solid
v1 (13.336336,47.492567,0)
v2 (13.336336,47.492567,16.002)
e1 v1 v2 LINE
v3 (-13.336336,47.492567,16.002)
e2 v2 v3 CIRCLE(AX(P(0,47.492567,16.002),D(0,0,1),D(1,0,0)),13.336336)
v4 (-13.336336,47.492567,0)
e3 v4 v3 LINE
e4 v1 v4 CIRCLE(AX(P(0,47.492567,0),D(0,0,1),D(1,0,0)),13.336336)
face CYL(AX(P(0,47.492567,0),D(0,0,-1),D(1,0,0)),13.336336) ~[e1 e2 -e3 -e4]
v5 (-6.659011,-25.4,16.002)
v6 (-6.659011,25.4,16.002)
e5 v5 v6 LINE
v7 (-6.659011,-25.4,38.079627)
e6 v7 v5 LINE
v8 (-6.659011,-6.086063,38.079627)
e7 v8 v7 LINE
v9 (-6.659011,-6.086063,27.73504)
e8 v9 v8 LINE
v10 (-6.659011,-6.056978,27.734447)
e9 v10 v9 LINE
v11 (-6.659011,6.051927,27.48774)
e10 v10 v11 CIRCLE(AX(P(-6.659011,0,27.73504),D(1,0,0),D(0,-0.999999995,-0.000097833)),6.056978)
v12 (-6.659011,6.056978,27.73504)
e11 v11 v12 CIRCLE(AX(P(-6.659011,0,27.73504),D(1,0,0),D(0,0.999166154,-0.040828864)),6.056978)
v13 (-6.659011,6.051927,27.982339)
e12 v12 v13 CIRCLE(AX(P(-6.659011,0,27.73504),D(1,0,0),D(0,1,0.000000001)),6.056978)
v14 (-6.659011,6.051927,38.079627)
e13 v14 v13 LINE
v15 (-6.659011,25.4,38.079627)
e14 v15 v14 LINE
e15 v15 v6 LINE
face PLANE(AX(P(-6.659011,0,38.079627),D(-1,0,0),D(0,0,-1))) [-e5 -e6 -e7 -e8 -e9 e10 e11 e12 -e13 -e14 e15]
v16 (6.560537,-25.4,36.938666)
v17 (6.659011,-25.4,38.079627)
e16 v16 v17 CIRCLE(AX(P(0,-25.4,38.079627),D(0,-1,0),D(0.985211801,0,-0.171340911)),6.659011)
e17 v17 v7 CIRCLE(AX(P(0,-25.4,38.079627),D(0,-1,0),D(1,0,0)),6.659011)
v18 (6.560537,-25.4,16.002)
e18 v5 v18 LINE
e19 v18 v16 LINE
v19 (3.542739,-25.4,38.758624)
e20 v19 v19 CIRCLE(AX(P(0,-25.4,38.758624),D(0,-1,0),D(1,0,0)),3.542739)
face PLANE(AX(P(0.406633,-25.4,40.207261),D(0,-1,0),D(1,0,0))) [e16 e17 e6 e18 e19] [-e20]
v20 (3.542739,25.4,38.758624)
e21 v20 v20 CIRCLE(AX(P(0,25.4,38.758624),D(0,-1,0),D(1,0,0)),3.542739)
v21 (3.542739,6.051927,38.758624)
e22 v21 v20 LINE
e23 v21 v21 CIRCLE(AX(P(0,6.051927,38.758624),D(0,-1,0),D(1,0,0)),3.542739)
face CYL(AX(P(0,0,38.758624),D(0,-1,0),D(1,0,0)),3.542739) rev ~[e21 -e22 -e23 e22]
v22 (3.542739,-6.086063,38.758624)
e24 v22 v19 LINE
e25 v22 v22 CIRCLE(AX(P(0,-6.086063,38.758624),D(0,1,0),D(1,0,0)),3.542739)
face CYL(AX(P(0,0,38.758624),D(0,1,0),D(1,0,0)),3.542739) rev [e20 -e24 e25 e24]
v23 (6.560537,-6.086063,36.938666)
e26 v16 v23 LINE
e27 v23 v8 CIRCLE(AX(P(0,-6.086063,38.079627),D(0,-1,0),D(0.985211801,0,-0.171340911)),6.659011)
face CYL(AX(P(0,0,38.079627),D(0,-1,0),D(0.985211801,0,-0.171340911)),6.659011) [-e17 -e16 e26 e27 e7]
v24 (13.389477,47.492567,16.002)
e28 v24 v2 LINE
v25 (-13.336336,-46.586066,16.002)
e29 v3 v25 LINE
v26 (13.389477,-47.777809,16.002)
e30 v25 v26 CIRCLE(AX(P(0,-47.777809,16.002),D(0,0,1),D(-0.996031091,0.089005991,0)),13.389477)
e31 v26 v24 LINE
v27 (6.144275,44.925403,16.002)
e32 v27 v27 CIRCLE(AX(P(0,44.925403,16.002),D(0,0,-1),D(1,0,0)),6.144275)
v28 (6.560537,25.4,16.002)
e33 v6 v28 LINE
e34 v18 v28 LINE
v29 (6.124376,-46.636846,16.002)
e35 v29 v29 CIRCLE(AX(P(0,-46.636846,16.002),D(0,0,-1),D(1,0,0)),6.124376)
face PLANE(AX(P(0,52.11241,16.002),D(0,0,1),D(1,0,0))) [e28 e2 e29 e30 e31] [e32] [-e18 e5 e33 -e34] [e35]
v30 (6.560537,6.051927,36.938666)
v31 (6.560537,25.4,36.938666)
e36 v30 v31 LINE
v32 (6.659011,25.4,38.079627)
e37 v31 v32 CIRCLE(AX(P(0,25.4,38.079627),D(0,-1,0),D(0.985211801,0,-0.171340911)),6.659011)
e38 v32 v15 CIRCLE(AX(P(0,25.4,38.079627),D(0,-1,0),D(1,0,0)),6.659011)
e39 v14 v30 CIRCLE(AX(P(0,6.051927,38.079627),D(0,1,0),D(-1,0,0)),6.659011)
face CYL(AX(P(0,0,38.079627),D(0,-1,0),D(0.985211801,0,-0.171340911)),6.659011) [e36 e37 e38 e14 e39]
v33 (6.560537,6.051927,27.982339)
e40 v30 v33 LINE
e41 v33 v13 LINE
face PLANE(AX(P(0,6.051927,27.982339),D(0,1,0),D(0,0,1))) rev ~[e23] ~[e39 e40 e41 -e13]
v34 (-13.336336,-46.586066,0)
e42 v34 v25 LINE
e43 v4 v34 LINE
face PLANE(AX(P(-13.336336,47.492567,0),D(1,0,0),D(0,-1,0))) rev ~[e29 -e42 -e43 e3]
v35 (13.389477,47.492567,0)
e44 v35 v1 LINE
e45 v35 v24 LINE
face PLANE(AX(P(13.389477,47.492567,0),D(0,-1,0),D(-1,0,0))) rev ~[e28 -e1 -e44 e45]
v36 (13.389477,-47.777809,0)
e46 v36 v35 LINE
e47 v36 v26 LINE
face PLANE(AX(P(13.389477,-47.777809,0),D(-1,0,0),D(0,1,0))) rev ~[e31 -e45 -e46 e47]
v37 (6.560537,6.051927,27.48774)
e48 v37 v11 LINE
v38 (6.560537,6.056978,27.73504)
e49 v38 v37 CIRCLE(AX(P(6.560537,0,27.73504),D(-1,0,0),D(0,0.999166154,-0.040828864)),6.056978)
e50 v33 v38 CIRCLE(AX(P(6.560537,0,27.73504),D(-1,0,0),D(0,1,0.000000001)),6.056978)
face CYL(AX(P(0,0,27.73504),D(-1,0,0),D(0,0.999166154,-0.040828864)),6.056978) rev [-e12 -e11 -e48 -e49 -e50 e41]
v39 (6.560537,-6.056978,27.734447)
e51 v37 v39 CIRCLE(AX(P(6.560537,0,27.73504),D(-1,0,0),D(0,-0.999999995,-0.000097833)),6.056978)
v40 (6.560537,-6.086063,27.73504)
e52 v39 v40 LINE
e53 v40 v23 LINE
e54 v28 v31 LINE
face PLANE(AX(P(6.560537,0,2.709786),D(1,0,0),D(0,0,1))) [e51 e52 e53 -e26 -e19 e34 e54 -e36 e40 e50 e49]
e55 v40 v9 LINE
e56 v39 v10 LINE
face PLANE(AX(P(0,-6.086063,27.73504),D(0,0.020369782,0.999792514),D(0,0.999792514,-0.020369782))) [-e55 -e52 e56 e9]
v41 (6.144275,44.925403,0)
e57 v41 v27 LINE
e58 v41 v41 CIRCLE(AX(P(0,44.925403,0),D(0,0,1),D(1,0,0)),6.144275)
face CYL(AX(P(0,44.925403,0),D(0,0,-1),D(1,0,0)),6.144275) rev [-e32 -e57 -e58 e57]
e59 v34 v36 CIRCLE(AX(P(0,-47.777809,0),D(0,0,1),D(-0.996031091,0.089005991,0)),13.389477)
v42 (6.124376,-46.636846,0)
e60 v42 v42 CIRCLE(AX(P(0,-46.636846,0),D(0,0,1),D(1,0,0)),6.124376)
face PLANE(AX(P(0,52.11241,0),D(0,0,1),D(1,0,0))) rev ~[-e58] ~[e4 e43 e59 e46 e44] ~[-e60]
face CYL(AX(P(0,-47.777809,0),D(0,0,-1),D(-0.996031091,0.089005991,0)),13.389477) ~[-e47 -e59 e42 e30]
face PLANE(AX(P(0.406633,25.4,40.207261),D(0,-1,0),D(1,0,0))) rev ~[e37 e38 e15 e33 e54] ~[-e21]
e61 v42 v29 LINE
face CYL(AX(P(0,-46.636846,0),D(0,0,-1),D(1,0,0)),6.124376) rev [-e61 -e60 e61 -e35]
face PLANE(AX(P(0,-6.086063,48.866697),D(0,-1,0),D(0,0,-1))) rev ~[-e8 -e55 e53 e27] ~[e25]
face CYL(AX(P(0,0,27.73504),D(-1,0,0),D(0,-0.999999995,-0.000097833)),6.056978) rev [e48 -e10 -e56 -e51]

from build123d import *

# Parameters (mm, degrees)
F1_DEPTH      = 16.002
F2_R          = 6.1442753349
F2_R_2        = 6.1243758279
F3_DEPTH      = 16.003
F5_DEPTH      = 25.4
F5_DEPTH_BACK = 25.4
F7_DEPTH      = 24.13
F7_DEPTH_BACK = 27.178
F8_R          = 3.5427392295
F9_DEPTH      = 25.4
F9_DEPTH_BACK = 25.4


with BuildPart() as f1:
    # F0 (on Top) → F1 (new body)
    with BuildSketch(Plane.XY):
        with BuildLine():
            Line((-13.3363356008, 47.4925674498), (13.3363356008, 47.4925674498))
            ThreePointArc((13.3363356008, 47.4925674498), (0, 60.8289030506), (-13.3363356008, 47.4925674498))
        make_face()
        with BuildLine():
            Line((13.3894772224, 47.4925674498), (13.3363356008, 47.4925674498))
            ThreePointArc((13.3363356008, 47.4925674498), (0, 34.156231849), (-13.3363356008, 47.4925674498))
            Line((-13.3363356008, 47.4925674498), (-13.3363356008, -46.5860655079))
            ThreePointArc((-13.3363356008, -46.5860655079), (0.5964639692, -34.4016239833), (13.3894772224, -47.7778092027))
            Line((13.3894772224, -47.7778092027), (13.3894772224, 47.4925674498))
        make_face()
        with BuildLine():
            ThreePointArc((-13.3363356008, 47.4925674498), (0, 34.156231849), (13.3363356008, 47.4925674498))
            Line((13.3363356008, 47.4925674498), (-13.3363356008, 47.4925674498))
        make_face()
        with BuildLine():
            Line((-13.3363356008, -47.7778092027), (-13.3363356008, -46.5860655079))
            ThreePointArc((-13.3363356008, -46.5860655079), (-0.5964639692, -61.1539944221), (13.3894772224, -47.7778092027))
            Line((13.3894772224, -47.7778092027), (-13.3363356008, -47.7778092027))
        make_face()
        with BuildLine():
            ThreePointArc((13.3894772224, -47.7778092027), (0.5964639692, -34.4016239833), (-13.3363356008, -46.5860655079))
            Line((-13.3363356008, -46.5860655079), (-13.3363356008, -47.7778092027))
            Line((-13.3363356008, -47.7778092027), (13.3894772224, -47.7778092027))
        make_face()
    extrude(amount=F1_DEPTH)

    # F2 (on Top) → F3 (cut, through all)
    with BuildSketch(Plane.XY):
        with Locations((0, 44.9254028499)):
            Circle(F2_R)
        with Locations((0, -46.6368459165)):
            Circle(F2_R_2)
    extrude(amount=F3_DEPTH, mode=Mode.SUBTRACT)

    # F4 (on Front) → F5 (join, two sides)
    with BuildSketch(Plane.XZ) as f5_sk:
        with BuildLine():
            ThreePointArc((6.5605365671, 36.938665784), (6.6343469805, 37.5070254574), (6.6590113547, 38.0796268582))
            ThreePointArc((6.6590113547, 38.0796268582), (0, 44.7386382129), (-6.6590113547, 38.0796268582))
            Line((-6.6590113547, 38.0796268582), (6.5605365671, 38.0796268582))
            Line((6.5605365671, 38.0796268582), (6.5605365671, 36.938665784))
        make_face()
        with BuildLine():
            Line((6.5605365671, 38.0796268582), (-6.6590113547, 38.0796268582))
            ThreePointArc((-6.6590113547, 38.0796268582), (-0.5726014008, 31.4452798778), (6.5605365671, 36.938665784))
            Line((6.5605365671, 36.938665784), (6.5605365671, 38.0796268582))
        make_face()
        with BuildLine():
            ThreePointArc((6.5605365671, 36.938665784), (-0.5726014008, 31.4452798778), (-6.6590113547, 38.0796268582))
            Line((-6.6590113547, 38.0796268582), (-6.6590113547, 2.7097861748))
            Line((-6.6590113547, 2.7097861748), (6.5605365671, 2.7097861748))
            Line((6.5605365671, 2.7097861748), (6.5605365671, 36.938665784))
        make_face()
    extrude(amount=F5_DEPTH)
    extrude(f5_sk.sketch, amount=-F5_DEPTH_BACK)

    # F6 (on Right) → F7 (cut, two sides)
    with BuildSketch(Plane.YZ) as f7_sk:
        with BuildLine():
            Line((6.0519274602, 27.9823391251), (6.0519274602, 27.4877400585))
            ThreePointArc((6.0519274602, 27.4877400585), (6.0557152675, 27.6113640409), (6.0569780455, 27.7350395918))
            ThreePointArc((6.0569780455, 27.7350395918), (6.0557152675, 27.8587151427), (6.0519274602, 27.9823391251))
        make_face()
        with BuildLine():
            Line((-6.0569780165, 27.7344470214), (6.0519274602, 27.4877400585))
            Line((6.0519274602, 27.4877400585), (6.0519274602, 27.9823391251))
            ThreePointArc((6.0519274602, 27.9823391251), (-0.1239717742, 33.7907488023), (-6.0569780165, 27.7344470214))
        make_face()
        with BuildLine():
            ThreePointArc((-6.0569780165, 27.7344470214), (-0.1233793273, 21.6793182817), (6.0519274602, 27.4877400585))
            Line((6.0519274602, 27.4877400585), (-6.0569780165, 27.7344470214))
        make_face()
        with BuildLine():
            Line((-6.08606264, 27.7350395918), (-6.0569780165, 27.7344470214))
            ThreePointArc((-6.0569780165, 27.7344470214), (-0.1239717742, 33.7907488023), (6.0519274602, 27.9823391251))
            Line((6.0519274602, 27.9823391251), (6.0519274602, 48.8666966558))
            Line((6.0519274602, 48.8666966558), (-6.08606264, 48.8666966558))
            Line((-6.08606264, 48.8666966558), (-6.08606264, 27.7350395918))
        make_face()
    extrude(amount=-F7_DEPTH, mode=Mode.SUBTRACT)
    extrude(f7_sk.sketch, amount=F7_DEPTH_BACK, mode=Mode.SUBTRACT)

    # F8 (on Front) → F9 (cut, two sides)
    with BuildSketch(Plane.XZ) as f9_sk:
        with Locations((0, 38.7586243451)):
            Circle(F8_R)
    extrude(amount=-F9_DEPTH, mode=Mode.SUBTRACT)
    extrude(f9_sk.sketch, amount=F9_DEPTH_BACK, mode=Mode.SUBTRACT)


solid = f1.part
